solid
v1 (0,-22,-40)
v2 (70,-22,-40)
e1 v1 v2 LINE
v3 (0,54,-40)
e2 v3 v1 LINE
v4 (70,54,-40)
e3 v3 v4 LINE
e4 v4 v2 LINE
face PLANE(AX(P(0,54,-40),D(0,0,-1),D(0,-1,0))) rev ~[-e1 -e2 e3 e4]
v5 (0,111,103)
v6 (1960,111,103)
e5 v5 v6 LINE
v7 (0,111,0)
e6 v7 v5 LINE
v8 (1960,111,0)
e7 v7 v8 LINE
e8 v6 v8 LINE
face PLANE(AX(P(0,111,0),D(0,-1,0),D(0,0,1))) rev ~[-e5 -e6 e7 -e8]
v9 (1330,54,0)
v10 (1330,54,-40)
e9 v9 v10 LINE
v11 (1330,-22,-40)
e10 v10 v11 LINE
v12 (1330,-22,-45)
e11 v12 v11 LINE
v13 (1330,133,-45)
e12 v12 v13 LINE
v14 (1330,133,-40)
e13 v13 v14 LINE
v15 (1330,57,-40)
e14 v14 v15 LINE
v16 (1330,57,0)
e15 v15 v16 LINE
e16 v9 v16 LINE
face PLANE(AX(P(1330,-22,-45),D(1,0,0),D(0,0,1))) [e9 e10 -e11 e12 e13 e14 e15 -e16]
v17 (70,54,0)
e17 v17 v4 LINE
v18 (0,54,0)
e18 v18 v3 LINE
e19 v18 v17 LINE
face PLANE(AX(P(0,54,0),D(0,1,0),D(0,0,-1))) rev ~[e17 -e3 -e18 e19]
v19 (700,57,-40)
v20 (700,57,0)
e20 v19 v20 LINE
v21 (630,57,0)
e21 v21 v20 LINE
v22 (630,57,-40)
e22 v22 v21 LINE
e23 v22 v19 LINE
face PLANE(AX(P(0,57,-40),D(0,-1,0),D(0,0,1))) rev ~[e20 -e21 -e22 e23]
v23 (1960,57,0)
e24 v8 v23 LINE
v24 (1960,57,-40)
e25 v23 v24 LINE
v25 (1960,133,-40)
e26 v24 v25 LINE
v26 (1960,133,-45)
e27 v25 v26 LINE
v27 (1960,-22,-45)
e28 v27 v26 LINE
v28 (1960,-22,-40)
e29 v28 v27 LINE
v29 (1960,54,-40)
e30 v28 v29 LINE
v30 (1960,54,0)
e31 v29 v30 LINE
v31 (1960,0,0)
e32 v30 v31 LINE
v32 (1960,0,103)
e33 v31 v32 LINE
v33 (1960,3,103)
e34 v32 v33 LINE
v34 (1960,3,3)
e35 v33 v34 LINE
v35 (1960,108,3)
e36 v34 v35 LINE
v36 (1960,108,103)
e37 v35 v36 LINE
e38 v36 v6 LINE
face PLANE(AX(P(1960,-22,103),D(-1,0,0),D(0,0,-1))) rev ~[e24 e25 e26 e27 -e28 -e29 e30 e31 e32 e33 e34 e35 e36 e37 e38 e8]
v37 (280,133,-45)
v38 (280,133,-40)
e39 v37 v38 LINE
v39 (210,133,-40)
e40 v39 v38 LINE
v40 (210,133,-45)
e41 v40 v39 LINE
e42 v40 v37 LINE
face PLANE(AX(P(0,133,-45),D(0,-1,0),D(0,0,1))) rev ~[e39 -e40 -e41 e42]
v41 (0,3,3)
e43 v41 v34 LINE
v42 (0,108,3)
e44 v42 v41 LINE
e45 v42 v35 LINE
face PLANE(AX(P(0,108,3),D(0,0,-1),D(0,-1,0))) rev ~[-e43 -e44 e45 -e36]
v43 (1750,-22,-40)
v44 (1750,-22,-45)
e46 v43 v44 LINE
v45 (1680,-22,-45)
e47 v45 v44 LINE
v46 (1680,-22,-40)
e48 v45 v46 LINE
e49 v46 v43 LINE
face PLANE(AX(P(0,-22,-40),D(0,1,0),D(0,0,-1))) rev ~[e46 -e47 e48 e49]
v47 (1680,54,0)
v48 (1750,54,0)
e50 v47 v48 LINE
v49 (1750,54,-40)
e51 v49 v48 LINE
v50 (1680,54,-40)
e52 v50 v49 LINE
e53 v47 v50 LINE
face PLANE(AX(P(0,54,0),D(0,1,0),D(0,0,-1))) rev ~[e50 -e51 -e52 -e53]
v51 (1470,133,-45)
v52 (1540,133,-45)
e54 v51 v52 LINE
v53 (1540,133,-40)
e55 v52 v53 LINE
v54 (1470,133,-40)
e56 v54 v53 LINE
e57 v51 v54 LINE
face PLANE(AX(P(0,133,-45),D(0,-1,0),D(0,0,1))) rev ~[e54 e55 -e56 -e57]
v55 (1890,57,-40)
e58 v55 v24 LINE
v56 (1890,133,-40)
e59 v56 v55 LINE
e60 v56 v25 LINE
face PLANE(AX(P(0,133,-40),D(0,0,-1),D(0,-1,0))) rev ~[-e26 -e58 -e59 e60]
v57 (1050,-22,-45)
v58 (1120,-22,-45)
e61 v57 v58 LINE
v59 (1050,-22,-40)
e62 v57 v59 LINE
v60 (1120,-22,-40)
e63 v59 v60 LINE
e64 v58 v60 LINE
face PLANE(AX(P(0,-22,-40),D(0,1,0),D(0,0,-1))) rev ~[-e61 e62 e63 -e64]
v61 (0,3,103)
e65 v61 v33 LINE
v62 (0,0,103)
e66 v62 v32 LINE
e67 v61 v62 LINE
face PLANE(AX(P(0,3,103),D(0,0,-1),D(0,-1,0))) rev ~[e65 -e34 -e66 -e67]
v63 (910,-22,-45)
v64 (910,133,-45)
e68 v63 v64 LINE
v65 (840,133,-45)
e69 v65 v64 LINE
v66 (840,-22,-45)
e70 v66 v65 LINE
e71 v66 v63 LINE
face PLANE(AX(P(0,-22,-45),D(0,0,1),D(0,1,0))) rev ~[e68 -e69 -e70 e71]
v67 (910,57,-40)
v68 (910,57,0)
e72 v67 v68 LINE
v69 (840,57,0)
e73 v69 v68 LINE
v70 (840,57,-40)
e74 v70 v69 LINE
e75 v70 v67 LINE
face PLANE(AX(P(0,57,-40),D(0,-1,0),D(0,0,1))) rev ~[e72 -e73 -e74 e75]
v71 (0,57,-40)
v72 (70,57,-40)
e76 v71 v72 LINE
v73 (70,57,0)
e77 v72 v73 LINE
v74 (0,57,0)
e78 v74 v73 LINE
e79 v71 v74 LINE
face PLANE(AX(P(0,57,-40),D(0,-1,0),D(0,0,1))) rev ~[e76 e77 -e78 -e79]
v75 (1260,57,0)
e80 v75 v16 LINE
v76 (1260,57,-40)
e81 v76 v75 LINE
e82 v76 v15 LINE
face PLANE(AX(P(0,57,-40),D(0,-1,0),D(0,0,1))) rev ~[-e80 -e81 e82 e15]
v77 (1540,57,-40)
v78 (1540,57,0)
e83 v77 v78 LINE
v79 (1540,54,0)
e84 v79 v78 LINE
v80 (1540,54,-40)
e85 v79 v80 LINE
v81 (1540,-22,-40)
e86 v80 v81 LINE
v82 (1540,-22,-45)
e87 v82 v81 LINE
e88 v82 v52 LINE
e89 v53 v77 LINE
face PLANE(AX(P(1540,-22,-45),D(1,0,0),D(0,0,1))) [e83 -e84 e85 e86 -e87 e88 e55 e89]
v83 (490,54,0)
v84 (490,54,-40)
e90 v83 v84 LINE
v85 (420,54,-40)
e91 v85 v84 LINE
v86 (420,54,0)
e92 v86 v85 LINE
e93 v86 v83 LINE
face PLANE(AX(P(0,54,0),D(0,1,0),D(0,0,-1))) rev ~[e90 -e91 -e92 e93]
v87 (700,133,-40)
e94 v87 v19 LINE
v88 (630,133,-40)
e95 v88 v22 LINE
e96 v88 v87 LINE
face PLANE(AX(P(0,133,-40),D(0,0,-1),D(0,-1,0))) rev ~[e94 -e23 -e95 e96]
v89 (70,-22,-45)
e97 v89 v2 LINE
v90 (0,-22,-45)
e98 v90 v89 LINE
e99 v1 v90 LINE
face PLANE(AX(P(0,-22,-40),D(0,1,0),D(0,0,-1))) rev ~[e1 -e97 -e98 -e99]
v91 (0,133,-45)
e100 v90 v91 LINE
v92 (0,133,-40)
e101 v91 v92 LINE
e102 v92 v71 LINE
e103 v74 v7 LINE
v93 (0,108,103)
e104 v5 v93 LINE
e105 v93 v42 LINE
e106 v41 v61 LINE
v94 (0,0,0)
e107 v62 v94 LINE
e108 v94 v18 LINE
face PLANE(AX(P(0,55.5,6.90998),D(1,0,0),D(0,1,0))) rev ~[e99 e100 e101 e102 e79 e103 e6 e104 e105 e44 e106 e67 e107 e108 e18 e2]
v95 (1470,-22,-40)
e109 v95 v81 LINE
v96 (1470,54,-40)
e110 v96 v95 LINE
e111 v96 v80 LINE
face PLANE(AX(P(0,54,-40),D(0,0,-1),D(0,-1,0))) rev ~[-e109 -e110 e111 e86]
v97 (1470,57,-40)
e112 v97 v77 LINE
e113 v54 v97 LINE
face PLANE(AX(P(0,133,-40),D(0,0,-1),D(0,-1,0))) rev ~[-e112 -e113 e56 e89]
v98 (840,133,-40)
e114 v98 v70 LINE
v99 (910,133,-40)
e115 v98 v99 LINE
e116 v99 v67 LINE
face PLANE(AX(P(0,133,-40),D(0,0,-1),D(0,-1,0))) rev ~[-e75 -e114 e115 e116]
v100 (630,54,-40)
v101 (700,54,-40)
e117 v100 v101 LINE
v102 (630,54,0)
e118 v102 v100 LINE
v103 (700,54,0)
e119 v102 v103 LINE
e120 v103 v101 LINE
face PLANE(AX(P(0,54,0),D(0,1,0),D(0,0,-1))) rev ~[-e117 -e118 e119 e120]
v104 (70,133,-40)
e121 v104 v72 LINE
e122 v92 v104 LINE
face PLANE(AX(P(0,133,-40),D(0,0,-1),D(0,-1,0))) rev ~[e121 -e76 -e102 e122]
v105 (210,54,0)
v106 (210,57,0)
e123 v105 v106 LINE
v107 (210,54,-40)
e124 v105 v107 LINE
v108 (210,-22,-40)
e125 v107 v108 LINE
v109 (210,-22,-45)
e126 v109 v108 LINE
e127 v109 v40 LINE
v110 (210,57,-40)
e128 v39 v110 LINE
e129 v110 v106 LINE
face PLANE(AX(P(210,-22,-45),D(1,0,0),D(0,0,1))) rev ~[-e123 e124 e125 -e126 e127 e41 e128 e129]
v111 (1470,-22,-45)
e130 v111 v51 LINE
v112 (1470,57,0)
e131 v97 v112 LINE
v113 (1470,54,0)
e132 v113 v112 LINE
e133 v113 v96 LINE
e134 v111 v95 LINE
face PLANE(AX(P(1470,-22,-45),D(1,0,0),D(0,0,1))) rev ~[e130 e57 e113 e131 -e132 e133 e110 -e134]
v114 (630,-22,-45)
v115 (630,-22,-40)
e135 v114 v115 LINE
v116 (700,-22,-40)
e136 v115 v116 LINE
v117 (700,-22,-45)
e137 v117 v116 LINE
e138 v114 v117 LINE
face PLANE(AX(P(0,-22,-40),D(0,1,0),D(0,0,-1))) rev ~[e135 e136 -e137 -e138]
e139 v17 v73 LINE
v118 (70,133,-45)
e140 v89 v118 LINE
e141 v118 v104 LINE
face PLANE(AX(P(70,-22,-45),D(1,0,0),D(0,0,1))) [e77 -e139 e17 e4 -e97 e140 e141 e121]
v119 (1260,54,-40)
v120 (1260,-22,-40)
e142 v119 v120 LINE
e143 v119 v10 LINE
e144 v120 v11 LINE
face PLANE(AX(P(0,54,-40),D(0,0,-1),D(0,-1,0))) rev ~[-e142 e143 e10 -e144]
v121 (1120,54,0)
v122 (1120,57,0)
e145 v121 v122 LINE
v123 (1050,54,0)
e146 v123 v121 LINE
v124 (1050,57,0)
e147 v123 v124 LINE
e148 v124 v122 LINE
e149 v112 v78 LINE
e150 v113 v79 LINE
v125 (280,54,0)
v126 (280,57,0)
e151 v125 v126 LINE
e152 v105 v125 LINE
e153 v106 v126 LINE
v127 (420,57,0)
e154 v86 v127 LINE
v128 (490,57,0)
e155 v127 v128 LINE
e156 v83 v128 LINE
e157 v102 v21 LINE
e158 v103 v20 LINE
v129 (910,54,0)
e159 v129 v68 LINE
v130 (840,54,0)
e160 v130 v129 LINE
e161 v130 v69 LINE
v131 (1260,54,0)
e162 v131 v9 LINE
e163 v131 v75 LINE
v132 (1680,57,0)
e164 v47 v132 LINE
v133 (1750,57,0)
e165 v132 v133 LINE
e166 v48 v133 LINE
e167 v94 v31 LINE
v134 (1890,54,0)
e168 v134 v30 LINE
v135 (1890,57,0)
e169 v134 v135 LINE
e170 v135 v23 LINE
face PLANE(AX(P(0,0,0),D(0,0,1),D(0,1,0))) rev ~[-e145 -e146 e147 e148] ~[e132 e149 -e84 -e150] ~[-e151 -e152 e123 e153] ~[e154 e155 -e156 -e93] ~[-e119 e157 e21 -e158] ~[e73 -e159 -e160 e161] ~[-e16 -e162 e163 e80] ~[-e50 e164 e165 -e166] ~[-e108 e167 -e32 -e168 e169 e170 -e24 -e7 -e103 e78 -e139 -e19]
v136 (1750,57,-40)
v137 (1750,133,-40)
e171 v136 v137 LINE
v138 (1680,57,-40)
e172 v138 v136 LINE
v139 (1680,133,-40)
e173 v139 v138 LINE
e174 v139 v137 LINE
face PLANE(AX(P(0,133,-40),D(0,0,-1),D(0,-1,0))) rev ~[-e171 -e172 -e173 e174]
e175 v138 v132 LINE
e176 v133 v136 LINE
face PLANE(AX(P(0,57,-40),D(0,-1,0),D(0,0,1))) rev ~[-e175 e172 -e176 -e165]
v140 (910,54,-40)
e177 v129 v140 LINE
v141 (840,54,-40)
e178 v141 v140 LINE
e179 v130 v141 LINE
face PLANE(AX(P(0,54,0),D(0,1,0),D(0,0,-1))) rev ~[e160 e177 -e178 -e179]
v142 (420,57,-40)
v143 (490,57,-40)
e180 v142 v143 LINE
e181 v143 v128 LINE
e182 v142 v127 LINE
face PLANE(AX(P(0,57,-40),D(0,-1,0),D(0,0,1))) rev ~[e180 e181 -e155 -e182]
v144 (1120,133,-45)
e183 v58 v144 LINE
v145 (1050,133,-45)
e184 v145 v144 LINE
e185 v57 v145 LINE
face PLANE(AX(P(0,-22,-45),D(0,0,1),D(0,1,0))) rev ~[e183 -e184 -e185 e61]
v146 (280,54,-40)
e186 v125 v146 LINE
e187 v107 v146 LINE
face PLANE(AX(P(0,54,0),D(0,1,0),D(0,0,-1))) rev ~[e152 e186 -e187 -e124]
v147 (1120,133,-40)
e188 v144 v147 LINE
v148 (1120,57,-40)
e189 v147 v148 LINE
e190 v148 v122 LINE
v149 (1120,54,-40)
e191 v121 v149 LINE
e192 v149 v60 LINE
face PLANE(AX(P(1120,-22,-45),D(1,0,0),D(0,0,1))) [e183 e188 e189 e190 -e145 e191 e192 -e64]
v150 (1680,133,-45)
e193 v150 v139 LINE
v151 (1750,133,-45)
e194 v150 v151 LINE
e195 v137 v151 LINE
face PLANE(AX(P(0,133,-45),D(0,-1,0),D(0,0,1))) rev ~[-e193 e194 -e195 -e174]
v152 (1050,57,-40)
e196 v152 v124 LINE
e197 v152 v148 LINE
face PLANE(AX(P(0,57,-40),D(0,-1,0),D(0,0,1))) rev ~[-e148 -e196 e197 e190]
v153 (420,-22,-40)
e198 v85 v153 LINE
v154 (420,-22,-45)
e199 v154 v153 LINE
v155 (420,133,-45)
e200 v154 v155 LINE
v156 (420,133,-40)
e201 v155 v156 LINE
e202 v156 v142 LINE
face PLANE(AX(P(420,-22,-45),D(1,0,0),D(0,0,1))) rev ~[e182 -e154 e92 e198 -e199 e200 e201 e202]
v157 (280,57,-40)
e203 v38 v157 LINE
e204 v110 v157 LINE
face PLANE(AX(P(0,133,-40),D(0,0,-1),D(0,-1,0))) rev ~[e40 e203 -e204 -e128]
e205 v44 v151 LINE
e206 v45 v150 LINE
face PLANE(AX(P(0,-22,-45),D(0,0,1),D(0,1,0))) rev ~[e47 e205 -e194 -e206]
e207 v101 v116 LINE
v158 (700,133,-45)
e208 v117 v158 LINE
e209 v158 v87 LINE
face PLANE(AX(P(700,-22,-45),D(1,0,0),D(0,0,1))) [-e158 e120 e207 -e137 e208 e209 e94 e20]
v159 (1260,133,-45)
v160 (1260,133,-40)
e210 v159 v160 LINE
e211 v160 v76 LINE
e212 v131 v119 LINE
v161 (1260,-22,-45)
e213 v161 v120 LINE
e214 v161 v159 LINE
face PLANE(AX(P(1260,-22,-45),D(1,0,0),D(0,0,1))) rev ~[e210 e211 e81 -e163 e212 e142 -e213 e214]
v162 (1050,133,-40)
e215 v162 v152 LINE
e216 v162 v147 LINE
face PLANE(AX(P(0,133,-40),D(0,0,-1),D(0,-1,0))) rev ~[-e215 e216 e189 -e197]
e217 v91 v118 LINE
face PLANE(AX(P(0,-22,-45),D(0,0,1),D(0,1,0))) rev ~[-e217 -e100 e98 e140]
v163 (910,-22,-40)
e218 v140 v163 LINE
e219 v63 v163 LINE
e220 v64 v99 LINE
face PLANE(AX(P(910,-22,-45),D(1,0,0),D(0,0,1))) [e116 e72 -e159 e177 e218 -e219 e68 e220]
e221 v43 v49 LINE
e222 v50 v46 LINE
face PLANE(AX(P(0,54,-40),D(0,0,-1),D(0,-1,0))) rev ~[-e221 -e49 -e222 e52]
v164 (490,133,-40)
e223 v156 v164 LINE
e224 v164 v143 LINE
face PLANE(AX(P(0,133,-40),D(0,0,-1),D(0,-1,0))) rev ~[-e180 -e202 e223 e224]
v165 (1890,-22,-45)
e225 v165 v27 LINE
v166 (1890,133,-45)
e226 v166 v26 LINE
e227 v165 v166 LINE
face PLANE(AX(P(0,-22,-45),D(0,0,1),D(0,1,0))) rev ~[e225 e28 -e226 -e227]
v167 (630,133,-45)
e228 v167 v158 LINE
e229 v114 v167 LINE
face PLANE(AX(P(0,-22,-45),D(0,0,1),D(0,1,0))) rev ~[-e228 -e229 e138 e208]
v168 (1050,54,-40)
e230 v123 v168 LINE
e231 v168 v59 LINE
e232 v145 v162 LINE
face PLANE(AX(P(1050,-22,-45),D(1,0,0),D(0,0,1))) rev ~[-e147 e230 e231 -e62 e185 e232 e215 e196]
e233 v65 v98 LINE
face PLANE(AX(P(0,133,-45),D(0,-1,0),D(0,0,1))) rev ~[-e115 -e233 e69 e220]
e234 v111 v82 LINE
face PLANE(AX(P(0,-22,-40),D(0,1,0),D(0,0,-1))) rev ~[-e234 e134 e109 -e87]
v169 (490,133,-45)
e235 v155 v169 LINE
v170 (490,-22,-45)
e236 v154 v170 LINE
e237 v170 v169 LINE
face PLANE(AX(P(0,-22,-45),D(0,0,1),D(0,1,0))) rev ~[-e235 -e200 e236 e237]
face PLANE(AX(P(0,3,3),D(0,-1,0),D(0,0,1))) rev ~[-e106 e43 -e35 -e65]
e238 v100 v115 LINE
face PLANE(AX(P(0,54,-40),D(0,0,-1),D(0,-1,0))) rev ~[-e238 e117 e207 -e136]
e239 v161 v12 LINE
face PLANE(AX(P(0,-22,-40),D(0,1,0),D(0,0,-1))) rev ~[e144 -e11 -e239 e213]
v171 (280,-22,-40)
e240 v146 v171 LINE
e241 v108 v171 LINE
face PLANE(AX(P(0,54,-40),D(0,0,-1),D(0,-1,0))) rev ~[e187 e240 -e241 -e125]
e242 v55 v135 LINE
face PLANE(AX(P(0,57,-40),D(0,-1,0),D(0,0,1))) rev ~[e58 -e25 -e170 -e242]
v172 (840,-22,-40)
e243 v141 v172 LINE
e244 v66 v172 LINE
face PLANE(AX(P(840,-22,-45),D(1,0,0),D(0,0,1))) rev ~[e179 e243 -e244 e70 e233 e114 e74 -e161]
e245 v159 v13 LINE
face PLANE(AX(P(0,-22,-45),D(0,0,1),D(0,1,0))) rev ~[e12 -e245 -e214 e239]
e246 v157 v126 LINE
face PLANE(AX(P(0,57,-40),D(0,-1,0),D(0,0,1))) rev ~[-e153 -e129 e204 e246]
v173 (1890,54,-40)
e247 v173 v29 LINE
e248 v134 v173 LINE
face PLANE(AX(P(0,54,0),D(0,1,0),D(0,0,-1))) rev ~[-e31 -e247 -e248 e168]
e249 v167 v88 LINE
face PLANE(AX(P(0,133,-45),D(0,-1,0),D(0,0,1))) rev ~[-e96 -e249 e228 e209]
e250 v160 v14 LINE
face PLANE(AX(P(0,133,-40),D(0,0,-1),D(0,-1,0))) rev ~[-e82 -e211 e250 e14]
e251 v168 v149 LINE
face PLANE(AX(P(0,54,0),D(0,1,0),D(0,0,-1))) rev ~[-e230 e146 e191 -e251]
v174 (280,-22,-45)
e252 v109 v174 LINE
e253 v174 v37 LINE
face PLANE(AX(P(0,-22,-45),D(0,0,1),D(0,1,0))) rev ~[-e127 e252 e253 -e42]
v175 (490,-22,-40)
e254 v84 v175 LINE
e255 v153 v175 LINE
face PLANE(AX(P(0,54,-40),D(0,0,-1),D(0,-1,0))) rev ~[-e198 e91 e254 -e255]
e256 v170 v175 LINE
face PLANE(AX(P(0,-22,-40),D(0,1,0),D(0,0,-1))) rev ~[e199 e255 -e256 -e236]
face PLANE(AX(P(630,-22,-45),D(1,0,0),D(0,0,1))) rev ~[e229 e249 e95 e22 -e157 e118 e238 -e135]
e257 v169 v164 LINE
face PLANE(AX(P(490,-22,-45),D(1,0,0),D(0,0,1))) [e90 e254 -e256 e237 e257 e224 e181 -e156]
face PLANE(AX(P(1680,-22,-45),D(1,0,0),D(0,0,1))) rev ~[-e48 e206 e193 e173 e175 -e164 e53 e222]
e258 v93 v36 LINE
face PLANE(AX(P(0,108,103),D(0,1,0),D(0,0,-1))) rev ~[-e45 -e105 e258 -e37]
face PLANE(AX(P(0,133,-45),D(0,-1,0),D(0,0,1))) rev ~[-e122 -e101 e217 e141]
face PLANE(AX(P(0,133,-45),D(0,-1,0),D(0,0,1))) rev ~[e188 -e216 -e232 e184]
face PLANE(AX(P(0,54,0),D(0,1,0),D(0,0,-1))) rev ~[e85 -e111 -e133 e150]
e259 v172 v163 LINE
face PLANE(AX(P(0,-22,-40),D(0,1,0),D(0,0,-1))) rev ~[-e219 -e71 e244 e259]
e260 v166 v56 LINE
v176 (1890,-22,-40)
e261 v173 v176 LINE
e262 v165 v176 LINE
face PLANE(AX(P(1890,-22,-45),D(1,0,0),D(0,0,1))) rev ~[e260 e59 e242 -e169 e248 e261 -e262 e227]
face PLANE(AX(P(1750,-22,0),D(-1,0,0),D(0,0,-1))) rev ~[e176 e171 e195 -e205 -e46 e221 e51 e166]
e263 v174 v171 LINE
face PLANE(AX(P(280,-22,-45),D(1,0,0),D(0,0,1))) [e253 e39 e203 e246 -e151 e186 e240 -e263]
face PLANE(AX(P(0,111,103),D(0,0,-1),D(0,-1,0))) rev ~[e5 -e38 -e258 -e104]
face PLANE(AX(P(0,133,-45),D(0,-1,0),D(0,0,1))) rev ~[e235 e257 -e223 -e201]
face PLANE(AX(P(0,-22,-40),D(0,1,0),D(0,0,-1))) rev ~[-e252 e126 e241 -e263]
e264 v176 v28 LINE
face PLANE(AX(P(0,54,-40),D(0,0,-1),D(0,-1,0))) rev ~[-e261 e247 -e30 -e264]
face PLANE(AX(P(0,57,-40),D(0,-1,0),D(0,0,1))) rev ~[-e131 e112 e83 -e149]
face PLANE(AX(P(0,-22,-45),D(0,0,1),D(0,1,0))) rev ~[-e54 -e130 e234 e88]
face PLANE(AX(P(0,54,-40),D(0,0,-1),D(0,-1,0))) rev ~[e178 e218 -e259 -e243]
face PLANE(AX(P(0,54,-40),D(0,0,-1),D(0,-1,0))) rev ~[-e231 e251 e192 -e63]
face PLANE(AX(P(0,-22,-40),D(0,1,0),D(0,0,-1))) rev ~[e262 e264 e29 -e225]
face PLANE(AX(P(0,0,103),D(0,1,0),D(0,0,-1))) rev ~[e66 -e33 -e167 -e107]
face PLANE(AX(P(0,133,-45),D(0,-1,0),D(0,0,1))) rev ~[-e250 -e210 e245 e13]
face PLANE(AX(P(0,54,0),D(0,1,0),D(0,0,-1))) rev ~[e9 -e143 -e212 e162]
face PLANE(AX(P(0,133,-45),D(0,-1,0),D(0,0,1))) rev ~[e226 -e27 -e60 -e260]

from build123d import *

# Parameters (mm, degrees)
F1_DEPTH = 3285
F2_W     = 140
F2_H     = 45
F3_DEPTH = 155


with BuildPart() as f1:
    # F0 (on Right) → F1 (new body)
    with BuildSketch(Plane.YZ):
        Polygon((108, 3), (3, 3), (3, 103), (0, 103), (0, 0), (54, 0), (54, -40), (-22, -40), (-22, -45), (133, -45), (133, -40), (57, -40), (57, 0), (111, 0), (111, 103), (108, 103), align=None)
    extrude(amount=F1_DEPTH)

    # F2 (on face) → F3 (cut, through all)
    with BuildSketch(Plane.XZ.offset(22)):
        with Locations((140, -22.5)):
            Rectangle(F2_W, F2_H)
        with Locations((350, -22.5)):
            Rectangle(F2_W, F2_H)
        with Locations((560, -22.5)):
            Rectangle(F2_W, F2_H)
        with Locations((770, -22.5)):
            Rectangle(F2_W, F2_H)
        with Locations((980, -22.5)):
            Rectangle(F2_W, F2_H)
        with Locations((1190, -22.5)):
            Rectangle(F2_W, F2_H)
        with Locations((1400, -22.5)):
            Rectangle(F2_W, F2_H)
        with Locations((1610, -22.5)):
            Rectangle(F2_W, F2_H)
        Polygon((1750, 0), (1750, -45), (1890, -45), (1890, -22.5), (1890, 0), align=None)
        Polygon((1960, 103), (1960, -22.5), (1960, -45), (3285, -45), (3285, 103), align=None)
    extrude(amount=-F3_DEPTH, mode=Mode.SUBTRACT)


solid = f1.part
